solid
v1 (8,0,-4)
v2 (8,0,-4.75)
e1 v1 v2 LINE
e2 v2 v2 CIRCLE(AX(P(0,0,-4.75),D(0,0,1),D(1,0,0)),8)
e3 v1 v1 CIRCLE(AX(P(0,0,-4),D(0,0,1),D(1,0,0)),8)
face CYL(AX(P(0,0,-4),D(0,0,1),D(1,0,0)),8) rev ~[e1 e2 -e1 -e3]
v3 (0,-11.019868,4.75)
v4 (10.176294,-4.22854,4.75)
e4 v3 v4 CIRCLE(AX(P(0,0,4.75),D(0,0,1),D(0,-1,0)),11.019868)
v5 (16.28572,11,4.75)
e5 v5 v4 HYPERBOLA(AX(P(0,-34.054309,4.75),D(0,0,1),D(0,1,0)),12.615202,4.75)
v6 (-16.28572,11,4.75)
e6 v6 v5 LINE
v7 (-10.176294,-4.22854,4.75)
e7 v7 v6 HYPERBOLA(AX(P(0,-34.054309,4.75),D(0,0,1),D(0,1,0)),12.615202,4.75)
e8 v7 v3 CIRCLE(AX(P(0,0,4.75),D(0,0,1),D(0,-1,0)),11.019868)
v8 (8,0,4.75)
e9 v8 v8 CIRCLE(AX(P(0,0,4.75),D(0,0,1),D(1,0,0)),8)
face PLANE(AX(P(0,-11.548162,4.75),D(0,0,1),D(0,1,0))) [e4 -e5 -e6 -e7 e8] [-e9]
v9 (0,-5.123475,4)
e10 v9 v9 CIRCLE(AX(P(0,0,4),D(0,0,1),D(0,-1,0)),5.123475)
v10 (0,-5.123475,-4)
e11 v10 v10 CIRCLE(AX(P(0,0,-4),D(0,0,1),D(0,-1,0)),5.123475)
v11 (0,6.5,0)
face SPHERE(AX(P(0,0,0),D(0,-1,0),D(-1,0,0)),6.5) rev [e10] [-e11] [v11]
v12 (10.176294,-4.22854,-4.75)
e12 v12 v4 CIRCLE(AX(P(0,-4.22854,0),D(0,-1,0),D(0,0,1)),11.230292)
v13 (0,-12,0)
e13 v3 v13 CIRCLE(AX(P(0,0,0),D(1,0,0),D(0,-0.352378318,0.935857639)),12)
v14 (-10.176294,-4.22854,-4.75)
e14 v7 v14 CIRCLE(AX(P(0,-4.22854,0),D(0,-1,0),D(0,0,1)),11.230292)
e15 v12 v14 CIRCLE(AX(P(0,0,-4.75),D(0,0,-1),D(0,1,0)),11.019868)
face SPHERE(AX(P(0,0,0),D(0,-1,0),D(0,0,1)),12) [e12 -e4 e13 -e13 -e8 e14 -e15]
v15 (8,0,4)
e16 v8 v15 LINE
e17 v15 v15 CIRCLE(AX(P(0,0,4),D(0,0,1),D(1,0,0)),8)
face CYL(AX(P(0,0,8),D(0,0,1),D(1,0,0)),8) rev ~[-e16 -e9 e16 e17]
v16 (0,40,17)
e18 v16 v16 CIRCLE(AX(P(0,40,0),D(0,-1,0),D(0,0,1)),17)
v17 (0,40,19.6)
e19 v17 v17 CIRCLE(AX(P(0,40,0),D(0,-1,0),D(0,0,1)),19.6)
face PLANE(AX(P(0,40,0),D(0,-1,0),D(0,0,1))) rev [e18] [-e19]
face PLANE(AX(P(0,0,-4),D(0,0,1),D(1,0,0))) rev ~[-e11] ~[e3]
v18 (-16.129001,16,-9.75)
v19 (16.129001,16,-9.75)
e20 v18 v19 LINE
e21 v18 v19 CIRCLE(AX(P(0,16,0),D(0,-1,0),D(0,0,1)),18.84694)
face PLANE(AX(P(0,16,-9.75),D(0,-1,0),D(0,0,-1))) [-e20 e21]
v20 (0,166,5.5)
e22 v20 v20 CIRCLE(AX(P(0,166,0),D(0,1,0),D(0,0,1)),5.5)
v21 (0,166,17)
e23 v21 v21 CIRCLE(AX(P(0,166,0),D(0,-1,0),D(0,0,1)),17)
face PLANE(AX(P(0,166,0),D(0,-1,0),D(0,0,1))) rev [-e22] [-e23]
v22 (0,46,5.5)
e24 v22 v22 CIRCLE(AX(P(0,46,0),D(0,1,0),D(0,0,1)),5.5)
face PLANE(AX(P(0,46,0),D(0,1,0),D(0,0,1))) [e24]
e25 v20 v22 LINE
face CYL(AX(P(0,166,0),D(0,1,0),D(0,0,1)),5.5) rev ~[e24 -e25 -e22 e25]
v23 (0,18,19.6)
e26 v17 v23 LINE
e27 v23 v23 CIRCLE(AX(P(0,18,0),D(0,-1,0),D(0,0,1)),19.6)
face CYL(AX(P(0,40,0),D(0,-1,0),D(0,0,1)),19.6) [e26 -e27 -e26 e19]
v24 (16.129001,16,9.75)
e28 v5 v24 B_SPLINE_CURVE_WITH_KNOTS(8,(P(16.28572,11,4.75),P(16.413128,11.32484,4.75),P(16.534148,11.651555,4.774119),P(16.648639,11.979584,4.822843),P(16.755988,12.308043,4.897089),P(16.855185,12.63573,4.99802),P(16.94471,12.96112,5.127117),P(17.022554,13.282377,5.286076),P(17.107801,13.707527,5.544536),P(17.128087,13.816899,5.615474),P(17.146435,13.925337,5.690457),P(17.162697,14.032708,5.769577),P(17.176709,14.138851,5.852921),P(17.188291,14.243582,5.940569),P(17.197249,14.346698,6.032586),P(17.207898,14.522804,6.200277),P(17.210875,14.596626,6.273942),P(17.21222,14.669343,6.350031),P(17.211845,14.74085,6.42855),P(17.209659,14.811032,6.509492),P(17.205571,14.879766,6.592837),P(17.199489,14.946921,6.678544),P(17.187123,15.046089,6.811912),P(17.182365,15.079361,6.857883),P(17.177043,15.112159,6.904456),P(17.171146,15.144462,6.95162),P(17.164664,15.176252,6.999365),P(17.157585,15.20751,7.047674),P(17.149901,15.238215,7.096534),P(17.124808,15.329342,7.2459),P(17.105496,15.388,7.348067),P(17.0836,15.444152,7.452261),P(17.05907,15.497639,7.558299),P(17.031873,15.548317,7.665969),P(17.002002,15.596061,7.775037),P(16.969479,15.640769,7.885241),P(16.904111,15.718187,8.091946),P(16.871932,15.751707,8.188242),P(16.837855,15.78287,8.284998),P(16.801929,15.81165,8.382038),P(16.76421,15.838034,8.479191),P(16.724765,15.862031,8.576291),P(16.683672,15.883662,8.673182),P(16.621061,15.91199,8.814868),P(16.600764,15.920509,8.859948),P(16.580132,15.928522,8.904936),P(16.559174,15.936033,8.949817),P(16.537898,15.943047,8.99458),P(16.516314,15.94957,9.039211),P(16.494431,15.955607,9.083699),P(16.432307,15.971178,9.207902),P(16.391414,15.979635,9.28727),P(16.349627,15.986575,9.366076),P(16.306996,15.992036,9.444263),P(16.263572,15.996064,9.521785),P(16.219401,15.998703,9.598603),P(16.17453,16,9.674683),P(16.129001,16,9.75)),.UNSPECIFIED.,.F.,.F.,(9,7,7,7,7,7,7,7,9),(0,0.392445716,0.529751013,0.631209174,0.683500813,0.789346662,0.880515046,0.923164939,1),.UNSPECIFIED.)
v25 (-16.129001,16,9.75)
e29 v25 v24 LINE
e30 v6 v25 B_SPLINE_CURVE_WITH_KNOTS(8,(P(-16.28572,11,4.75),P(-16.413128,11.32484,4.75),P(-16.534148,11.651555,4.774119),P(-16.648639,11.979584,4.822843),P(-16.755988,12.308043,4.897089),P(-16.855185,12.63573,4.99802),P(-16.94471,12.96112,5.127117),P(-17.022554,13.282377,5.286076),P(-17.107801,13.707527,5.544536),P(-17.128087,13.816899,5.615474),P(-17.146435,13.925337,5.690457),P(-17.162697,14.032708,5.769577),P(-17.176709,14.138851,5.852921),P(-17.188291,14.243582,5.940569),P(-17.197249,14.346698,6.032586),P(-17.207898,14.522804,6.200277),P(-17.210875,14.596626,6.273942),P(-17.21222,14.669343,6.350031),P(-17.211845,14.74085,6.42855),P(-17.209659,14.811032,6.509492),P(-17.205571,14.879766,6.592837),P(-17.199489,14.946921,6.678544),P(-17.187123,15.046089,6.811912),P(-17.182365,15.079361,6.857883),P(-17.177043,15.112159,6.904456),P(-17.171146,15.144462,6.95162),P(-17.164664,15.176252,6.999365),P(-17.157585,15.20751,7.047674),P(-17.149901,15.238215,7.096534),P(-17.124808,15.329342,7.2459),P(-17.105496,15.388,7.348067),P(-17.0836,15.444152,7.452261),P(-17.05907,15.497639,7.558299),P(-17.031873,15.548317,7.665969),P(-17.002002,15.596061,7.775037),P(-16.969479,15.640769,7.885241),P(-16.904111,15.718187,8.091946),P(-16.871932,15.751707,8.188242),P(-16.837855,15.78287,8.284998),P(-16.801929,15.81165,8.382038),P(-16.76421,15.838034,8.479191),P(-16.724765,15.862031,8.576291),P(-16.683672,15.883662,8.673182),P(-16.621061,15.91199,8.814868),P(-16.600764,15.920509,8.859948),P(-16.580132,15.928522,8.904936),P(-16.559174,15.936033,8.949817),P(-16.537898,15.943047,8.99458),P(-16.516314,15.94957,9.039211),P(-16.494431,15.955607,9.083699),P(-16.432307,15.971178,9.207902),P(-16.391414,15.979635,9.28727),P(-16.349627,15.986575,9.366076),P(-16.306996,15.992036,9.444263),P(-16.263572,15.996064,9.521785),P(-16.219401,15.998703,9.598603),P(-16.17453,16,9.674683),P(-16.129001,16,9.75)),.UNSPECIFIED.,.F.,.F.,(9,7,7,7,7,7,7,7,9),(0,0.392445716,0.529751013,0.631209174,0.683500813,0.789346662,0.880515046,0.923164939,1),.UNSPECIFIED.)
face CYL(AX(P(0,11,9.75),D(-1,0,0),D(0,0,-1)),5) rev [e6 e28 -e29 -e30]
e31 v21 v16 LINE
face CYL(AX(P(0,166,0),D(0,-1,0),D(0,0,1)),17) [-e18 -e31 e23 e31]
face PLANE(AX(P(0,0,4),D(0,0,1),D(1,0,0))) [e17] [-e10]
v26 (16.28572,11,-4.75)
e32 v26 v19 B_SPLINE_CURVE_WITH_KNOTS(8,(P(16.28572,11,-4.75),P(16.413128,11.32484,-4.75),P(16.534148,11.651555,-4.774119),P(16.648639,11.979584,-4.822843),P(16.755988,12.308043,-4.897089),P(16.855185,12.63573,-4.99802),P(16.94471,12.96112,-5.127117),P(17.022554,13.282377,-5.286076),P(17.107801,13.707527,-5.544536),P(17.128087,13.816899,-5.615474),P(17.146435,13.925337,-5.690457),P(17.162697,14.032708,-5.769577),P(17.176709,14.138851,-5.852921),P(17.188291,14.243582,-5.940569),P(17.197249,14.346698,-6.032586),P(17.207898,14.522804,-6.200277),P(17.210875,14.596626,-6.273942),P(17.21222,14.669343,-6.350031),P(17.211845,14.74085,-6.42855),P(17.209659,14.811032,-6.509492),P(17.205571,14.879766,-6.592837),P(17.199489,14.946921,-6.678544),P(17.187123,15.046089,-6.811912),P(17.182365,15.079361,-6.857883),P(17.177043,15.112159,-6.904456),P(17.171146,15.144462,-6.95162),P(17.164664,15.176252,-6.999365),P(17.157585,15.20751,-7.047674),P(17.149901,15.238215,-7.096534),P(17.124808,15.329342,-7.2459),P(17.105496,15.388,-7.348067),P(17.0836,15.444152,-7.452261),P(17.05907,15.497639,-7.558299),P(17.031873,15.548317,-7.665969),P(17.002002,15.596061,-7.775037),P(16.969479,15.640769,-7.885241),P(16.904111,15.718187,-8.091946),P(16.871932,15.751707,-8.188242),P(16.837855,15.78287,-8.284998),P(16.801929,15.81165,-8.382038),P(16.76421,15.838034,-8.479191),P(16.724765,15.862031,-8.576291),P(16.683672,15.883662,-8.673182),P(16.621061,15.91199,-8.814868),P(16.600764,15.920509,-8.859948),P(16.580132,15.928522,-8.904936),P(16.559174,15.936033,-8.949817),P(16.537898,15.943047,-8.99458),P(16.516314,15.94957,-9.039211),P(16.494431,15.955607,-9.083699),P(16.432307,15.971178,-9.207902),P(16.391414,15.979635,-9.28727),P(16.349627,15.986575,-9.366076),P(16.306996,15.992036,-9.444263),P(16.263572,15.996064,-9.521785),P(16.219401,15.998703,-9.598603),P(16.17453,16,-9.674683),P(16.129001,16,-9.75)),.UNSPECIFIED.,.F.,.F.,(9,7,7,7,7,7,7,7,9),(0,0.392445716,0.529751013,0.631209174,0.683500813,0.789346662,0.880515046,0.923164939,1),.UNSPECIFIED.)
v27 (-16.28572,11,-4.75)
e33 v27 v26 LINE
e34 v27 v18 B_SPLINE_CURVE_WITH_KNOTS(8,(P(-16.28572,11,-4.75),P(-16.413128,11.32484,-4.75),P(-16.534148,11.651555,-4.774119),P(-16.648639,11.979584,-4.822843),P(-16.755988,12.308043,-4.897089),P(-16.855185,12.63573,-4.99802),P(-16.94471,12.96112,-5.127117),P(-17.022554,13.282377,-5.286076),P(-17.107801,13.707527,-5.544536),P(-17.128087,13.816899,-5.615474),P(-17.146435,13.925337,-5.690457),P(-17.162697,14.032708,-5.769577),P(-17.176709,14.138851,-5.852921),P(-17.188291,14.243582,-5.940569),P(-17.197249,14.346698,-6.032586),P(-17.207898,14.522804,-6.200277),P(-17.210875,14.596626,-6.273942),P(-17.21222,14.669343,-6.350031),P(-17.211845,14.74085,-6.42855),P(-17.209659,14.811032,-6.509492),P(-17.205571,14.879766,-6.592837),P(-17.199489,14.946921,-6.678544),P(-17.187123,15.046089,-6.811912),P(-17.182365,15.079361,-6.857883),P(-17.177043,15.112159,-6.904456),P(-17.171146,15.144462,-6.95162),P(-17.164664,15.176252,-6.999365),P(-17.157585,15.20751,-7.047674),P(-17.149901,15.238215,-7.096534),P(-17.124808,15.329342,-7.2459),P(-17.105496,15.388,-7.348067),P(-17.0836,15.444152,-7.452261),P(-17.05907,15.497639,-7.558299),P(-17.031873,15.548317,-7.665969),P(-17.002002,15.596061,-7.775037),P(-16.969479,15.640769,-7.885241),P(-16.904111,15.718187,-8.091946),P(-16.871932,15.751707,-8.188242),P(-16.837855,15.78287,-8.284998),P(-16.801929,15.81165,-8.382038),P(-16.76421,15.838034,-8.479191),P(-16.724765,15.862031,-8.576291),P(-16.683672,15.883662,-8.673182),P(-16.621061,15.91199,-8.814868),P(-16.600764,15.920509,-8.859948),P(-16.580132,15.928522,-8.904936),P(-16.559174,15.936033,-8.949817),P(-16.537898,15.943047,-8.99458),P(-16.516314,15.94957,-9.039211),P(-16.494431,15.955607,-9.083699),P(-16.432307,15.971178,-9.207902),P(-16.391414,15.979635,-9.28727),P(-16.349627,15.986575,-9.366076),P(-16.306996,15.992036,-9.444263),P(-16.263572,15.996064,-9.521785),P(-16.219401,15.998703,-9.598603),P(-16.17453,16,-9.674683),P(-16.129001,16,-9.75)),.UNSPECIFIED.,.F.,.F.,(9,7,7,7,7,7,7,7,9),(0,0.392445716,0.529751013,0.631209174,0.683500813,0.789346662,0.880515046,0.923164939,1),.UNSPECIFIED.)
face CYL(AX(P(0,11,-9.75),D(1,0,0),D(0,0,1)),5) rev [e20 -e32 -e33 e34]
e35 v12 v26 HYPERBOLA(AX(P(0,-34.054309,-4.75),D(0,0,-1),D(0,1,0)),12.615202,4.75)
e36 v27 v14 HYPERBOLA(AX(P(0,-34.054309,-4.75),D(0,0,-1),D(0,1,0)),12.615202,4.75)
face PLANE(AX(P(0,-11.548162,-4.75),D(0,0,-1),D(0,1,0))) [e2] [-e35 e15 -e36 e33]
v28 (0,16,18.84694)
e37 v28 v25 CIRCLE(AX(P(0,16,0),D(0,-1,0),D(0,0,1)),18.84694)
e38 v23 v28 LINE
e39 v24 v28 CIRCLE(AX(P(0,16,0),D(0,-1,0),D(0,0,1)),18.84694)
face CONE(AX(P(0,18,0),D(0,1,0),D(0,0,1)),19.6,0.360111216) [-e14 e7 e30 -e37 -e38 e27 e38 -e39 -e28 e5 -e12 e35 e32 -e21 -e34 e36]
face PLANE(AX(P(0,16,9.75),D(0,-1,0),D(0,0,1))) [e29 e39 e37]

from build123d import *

# Parameters (mm, degrees)
CUT_EXTRUDE1_DEPTH = 25
CUT_EXTRUDE2_START = -4
SKETCH4_R          = 8
CUT_EXTRUDE2_DEPTH = 4
CUT_EXTRUDE3_START = 8
SKETCH4_2_R        = 8
CUT_EXTRUDE3_DEPTH = 4
SKETCH5_R          = 5.5
CUT_EXTRUDE4_DEPTH = 120


with BuildPart() as part:
    # Sketch1 → Revolve1 (revolve)
    with BuildSketch(Plane.XY):
        with BuildLine():
            Line((0, 166), (-17, 166))
            Line((-17, 166), (-17, 40))
            Line((-17, 40), (-19.6, 40))
            Line((-19.6, 40), (-19.6, 18))
            Line((-19.6, 18), (-11.23029167, -4.228539819))
            ThreePointArc((-11.23029167, -4.228539819), (-6.828525543, -9.867686604), (0, -12))
            Line((0, -12), (0, 166))
        make_face()
    revolve(axis=Axis((0, 166, 0), (0, -1, 0)))

    # Sketch2 → Cut-Extrude1 (cut, symmetric)
    with BuildSketch(Plane(origin=(0, 0, 0), x_dir=(0, 0, -1), z_dir=(1, 0, 0))):
        with BuildLine():
            Line((-4.75, -11.548161577), (-4.75, 11))
            ThreePointArc((-4.75, 11), (-6.214466094, 14.535533906), (-9.75, 16))
            Line((-9.75, 16), (-25.870257209, 16))
            Line((-25.870257209, 16), (-25.870257209, -11.548161577))
            Line((-25.870257209, -11.548161577), (-4.75, -11.548161577))
        make_face()
        with BuildLine():
            Line((25.870257209, 16), (25.870257209, -11.548161577))
            Line((25.870257209, -11.548161577), (4.75, -11.548161577))
            Line((4.75, -11.548161577), (4.75, 11))
            ThreePointArc((4.75, 11), (6.214466094, 14.535533906), (9.75, 16))
            Line((9.75, 16), (25.870257209, 16))
        make_face()
    extrude(amount=CUT_EXTRUDE1_DEPTH, both=True, mode=Mode.SUBTRACT)

    # Sketch3 → Cut-Revolve1 (revolve, cut)
    with BuildSketch(Plane.XY):
        with BuildLine():
            Line((0, -6.5), (0, 6.5))
            ThreePointArc((0, 6.5), (-6.5, 0), (0, -6.5))
        make_face()
    revolve(axis=Axis((0, -12, 0), (0, 1, 0)), mode=Mode.SUBTRACT)

    # Sketch4 → Cut-Extrude2 (cut)
    with BuildSketch(Plane.XY.offset(CUT_EXTRUDE2_START)):
        Circle(SKETCH4_R)
    extrude(amount=-CUT_EXTRUDE2_DEPTH, mode=Mode.SUBTRACT)

    # Sketch4<2> → Cut-Extrude3 (cut)
    with BuildSketch(Plane.XY.offset(CUT_EXTRUDE3_START)):
        Circle(SKETCH4_2_R)
    extrude(amount=-CUT_EXTRUDE3_DEPTH, mode=Mode.SUBTRACT)

    # Sketch5 → Cut-Extrude4 (cut)
    with BuildSketch(Plane(origin=(0, 166, 0), x_dir=(1, 0, 0), z_dir=(0, 1, 0))):
        Circle(SKETCH5_R)
    extrude(amount=-CUT_EXTRUDE4_DEPTH, mode=Mode.SUBTRACT)


solid = part.part
